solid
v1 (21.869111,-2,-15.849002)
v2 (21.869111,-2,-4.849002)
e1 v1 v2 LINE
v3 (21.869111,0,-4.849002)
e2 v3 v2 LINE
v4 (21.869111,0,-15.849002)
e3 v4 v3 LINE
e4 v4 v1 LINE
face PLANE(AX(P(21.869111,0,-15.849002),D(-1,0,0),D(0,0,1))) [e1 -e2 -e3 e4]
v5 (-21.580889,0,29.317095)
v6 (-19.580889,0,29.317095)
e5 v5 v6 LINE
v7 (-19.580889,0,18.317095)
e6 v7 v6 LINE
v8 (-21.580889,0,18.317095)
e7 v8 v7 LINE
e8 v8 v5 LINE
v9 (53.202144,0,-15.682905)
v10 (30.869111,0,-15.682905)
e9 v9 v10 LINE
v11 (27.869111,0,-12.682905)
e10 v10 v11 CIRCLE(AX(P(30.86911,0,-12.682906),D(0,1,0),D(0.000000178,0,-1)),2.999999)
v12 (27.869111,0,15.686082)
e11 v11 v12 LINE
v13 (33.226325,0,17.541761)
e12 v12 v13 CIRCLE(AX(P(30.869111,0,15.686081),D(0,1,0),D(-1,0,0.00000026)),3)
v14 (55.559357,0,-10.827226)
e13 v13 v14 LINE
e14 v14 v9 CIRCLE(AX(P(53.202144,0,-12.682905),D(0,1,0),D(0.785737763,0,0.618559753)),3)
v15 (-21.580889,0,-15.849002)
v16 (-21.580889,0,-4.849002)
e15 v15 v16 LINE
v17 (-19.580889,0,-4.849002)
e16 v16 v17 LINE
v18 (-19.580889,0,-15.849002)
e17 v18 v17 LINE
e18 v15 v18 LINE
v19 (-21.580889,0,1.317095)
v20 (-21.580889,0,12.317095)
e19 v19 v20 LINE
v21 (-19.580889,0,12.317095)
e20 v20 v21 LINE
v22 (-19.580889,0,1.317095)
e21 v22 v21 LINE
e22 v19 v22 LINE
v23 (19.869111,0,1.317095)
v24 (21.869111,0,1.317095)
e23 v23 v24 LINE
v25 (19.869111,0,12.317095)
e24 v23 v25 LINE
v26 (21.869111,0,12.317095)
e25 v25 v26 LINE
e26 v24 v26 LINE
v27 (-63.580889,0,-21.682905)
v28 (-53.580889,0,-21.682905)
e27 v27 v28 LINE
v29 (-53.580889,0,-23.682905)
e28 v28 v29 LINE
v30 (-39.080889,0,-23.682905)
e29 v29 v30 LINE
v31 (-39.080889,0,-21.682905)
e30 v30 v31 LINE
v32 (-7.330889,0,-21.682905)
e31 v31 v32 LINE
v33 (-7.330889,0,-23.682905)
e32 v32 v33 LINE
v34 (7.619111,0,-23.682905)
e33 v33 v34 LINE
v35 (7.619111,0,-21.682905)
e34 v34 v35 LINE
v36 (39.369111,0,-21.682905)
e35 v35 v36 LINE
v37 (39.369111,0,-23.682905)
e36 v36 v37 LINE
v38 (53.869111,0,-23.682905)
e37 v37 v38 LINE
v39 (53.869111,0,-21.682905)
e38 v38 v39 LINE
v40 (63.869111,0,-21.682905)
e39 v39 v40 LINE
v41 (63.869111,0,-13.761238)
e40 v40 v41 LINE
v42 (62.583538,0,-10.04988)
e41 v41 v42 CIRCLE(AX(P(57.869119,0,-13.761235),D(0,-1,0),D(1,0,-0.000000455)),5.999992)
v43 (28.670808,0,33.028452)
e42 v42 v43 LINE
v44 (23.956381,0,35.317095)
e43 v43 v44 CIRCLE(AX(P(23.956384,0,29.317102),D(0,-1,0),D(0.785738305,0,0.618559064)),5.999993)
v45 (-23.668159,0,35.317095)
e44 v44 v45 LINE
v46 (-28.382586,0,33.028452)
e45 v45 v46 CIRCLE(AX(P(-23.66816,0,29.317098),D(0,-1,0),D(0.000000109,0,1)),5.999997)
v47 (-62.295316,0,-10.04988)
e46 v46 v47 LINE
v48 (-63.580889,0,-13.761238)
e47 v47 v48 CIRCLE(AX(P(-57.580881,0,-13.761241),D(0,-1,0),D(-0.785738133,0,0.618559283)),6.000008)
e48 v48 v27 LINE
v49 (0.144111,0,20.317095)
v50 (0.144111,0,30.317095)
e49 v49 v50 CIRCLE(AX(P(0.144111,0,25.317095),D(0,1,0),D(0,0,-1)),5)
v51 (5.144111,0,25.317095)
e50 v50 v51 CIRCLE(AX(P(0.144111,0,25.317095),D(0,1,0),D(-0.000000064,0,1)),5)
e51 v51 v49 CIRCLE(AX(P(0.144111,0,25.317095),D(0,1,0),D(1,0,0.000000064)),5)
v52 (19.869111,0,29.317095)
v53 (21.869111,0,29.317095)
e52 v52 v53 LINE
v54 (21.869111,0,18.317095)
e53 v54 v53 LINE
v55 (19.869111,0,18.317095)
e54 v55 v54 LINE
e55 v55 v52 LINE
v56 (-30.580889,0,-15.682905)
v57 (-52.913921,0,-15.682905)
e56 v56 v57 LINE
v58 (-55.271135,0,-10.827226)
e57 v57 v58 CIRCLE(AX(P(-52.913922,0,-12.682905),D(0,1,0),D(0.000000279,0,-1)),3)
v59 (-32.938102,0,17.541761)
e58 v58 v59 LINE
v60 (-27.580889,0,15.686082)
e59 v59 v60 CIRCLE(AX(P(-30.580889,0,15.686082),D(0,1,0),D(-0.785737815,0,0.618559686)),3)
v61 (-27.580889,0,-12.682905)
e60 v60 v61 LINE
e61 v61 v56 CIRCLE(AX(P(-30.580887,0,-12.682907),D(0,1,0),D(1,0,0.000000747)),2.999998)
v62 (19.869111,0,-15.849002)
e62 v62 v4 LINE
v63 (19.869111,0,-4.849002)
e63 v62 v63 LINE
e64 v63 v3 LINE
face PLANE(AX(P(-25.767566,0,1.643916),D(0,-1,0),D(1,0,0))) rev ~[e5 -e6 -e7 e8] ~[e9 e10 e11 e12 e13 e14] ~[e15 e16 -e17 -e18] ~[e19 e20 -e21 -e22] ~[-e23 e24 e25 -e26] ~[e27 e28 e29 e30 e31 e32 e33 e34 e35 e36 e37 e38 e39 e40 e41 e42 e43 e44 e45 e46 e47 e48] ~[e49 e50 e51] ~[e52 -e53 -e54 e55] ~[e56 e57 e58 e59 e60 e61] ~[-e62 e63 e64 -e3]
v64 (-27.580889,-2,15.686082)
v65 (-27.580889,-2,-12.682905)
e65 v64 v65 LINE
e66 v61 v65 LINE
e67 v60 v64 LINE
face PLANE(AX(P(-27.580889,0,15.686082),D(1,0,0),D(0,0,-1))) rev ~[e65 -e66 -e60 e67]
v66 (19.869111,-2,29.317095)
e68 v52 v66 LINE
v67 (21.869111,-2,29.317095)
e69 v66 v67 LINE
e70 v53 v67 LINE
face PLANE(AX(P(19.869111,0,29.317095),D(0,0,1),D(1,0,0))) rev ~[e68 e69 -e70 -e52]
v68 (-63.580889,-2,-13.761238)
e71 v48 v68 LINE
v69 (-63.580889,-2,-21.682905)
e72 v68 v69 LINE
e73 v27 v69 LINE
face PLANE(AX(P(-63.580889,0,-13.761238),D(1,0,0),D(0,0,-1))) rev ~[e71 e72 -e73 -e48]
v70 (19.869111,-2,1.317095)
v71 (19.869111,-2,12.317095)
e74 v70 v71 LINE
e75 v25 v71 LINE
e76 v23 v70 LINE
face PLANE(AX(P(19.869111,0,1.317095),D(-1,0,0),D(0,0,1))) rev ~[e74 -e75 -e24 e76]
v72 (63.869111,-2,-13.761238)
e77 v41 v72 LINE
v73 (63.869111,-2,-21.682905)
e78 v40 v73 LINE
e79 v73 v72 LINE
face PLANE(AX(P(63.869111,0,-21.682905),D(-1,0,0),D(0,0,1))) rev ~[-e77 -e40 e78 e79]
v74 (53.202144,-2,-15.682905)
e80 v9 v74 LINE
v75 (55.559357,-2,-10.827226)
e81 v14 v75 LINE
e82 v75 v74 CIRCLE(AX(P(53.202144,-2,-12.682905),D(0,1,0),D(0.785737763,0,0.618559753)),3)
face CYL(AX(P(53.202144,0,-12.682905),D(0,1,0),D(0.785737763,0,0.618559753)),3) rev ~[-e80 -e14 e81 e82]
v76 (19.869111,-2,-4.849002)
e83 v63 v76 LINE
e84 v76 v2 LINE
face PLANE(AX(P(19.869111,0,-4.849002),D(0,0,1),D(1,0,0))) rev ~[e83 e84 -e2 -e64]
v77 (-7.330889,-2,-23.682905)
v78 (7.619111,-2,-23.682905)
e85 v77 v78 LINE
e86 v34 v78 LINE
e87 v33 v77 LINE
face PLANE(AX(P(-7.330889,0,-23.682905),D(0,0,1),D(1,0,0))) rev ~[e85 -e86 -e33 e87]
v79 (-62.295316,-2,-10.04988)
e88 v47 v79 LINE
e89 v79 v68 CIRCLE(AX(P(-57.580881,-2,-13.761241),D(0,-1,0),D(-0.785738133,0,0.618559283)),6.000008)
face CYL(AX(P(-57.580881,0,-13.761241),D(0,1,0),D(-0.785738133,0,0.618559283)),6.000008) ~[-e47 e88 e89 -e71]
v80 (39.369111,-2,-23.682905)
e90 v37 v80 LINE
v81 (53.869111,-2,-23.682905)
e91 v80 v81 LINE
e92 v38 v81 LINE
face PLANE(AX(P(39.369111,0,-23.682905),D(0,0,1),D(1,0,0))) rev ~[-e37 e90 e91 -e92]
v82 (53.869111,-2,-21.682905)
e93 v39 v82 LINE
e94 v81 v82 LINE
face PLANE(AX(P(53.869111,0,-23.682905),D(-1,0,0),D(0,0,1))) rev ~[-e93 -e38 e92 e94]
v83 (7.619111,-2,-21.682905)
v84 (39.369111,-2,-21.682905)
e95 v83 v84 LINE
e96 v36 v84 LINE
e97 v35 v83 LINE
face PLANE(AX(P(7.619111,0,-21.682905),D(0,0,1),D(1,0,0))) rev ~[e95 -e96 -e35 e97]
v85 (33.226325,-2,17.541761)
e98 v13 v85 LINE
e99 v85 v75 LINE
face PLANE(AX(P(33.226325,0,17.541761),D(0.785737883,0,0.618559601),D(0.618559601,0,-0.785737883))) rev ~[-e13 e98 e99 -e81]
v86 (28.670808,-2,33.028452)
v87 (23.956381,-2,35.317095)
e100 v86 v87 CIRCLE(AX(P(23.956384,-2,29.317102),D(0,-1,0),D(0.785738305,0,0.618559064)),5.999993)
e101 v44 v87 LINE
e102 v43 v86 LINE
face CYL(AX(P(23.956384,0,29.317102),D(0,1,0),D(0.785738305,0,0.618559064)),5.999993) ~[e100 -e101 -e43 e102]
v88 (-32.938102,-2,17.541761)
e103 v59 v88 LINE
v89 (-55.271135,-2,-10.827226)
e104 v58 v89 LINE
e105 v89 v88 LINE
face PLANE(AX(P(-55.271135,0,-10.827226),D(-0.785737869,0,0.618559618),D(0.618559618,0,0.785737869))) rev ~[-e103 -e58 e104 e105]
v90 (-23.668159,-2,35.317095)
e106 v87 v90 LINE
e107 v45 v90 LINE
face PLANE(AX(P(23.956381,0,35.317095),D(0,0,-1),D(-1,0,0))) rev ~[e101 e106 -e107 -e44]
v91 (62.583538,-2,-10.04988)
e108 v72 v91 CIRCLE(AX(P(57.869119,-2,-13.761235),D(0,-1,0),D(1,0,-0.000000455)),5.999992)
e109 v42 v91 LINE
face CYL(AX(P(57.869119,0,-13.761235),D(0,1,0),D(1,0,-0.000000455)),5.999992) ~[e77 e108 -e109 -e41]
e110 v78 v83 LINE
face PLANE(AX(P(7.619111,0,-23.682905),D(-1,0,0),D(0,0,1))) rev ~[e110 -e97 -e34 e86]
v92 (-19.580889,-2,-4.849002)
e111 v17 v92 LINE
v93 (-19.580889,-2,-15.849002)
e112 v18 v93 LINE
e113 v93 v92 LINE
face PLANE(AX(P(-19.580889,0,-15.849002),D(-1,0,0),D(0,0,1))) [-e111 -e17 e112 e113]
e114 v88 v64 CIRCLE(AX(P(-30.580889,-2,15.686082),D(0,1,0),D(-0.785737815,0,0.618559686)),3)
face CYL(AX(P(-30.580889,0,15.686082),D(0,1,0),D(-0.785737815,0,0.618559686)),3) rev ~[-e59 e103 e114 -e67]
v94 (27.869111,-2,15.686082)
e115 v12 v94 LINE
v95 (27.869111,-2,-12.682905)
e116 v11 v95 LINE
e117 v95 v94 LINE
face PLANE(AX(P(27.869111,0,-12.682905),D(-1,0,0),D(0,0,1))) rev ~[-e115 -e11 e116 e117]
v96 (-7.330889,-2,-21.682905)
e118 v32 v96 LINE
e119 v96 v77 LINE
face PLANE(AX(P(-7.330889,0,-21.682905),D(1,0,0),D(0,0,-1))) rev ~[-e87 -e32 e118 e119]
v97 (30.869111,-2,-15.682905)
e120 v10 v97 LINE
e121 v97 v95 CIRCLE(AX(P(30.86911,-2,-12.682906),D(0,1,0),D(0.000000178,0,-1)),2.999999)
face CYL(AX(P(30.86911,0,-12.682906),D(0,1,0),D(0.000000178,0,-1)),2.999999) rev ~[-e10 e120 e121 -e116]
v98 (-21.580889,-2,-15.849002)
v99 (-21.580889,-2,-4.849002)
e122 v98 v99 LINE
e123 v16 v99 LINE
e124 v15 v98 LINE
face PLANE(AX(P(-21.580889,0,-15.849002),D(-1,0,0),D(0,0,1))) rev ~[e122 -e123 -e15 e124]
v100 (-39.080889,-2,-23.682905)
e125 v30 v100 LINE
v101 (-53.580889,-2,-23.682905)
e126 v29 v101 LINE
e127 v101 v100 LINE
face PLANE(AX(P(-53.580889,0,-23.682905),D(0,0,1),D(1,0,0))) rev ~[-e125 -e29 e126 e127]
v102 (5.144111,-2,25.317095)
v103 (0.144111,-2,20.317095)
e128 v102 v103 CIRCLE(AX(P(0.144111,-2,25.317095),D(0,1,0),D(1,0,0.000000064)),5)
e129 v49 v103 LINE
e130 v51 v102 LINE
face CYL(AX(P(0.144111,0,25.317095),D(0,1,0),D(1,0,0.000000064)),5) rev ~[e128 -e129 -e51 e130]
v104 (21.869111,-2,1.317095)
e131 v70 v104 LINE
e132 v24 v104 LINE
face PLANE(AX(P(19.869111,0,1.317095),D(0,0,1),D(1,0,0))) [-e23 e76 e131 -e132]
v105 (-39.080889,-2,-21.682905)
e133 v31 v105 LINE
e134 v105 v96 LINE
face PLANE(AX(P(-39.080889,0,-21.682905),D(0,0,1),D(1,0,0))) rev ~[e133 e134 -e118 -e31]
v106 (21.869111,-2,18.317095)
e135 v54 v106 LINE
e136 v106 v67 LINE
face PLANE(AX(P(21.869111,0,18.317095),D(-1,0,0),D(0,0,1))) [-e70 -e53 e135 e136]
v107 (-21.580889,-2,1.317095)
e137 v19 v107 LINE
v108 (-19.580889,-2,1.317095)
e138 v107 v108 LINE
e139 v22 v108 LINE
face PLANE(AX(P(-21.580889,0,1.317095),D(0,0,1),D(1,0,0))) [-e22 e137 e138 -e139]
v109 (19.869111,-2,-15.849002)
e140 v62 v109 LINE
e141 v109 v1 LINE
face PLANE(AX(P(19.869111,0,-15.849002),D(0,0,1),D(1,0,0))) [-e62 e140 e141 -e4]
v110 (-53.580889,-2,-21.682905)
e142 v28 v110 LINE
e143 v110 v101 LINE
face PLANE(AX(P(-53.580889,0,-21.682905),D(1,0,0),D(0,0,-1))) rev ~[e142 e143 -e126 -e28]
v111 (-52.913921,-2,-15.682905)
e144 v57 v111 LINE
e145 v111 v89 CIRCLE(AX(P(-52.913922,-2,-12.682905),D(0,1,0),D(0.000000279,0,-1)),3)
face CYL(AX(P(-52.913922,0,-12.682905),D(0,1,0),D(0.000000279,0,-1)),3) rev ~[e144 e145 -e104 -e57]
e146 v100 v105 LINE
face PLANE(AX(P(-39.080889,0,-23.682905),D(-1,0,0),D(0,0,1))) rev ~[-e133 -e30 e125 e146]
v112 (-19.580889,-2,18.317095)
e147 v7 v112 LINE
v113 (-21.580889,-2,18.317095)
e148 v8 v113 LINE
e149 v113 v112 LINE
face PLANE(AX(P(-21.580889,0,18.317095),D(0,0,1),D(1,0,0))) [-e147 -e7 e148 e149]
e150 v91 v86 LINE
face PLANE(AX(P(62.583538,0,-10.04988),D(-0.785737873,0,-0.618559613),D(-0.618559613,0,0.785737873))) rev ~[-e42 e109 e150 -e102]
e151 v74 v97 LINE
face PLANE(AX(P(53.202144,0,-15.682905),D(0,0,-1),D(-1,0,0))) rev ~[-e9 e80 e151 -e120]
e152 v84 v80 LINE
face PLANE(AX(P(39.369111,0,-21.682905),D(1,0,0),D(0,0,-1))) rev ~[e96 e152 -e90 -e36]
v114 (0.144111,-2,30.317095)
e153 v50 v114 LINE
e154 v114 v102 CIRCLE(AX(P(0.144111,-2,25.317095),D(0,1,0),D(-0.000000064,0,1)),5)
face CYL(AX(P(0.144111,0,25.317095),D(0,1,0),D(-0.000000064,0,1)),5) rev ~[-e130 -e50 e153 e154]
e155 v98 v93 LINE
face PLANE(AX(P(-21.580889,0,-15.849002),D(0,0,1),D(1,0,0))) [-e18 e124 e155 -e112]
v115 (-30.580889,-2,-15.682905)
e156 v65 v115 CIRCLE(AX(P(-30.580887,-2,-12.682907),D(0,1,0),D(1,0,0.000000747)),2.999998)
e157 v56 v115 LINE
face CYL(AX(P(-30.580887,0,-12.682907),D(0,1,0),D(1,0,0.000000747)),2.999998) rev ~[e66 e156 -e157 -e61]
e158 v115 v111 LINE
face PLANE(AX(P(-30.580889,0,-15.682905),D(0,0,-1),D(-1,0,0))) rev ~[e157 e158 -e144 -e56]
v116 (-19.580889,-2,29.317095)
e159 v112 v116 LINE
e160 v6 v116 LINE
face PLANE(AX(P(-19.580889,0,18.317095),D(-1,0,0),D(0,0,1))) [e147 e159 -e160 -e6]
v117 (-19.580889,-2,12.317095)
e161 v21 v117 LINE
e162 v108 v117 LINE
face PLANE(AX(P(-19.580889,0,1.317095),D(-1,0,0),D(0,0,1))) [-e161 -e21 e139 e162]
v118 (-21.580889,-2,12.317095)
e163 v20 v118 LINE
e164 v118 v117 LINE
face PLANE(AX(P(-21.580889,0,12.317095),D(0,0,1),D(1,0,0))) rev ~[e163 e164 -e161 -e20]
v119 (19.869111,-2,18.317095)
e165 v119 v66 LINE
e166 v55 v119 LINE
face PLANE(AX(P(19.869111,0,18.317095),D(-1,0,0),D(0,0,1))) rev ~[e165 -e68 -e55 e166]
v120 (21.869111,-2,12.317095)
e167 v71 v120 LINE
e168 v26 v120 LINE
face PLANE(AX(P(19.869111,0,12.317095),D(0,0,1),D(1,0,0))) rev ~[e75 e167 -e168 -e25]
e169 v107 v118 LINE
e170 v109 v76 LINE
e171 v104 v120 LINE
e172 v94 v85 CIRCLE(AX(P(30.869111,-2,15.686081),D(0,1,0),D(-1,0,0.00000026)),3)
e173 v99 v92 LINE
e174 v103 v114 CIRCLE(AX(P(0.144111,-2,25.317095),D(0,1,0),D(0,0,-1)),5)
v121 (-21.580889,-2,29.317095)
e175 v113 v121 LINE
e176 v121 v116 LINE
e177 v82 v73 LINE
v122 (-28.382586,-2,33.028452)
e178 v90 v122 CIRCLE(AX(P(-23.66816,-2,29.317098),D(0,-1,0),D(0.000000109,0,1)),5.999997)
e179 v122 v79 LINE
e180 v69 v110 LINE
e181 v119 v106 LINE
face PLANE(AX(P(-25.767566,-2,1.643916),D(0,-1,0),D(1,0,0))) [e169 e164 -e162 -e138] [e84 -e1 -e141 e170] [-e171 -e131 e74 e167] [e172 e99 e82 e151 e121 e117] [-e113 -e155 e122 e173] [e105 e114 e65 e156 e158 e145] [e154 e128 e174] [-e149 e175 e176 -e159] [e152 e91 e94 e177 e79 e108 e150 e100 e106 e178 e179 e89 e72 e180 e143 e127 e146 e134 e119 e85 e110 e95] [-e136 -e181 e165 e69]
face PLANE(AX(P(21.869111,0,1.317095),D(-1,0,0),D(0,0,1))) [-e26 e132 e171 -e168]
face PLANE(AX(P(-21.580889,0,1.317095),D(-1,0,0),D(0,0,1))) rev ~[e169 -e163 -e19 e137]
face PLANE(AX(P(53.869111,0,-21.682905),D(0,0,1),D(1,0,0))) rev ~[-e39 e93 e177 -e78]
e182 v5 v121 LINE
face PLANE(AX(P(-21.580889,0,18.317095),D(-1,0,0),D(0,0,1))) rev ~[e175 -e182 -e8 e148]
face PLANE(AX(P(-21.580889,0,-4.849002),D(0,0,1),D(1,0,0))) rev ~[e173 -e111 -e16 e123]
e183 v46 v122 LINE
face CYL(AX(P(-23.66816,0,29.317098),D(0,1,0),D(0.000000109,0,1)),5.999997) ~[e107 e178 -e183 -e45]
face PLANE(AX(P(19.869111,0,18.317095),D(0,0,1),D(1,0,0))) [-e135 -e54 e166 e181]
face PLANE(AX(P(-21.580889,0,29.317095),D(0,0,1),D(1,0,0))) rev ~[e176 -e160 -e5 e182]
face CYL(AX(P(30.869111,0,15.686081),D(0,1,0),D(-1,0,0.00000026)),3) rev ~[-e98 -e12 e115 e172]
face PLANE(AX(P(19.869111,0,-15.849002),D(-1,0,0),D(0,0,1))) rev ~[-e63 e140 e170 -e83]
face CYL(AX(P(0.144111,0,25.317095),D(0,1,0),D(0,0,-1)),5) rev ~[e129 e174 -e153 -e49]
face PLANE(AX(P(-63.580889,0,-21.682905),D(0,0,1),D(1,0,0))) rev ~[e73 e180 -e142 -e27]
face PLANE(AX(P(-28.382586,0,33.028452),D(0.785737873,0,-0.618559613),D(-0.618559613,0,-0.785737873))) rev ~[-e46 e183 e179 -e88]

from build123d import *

# Parameters (mm, degrees)
F0_W     = 2
F0_H     = 11
F1_DEPTH = 2


with BuildPart() as f1:
    # F0 (on Front) → F1 (new body)
    with BuildSketch(Plane.XZ):
        with BuildLine():
            Line((0.144111, 35.317095), (-19.580889, 35.317095))
            Line((-19.580889, 35.317095), (-21.580889, 35.317095))
            Line((-21.580889, 35.317095), (-23.668159, 35.317095))
            ThreePointArc((-23.668159, 35.317095), (-26.28845, 34.714694), (-28.382586, 33.028452))
            Line((-28.382586, 33.028452), (-62.295316, -10.04988))
            ThreePointArc((-62.295316, -10.04988), (-63.250393, -11.797385), (-63.580889, -13.761238))
            Line((-63.580889, -13.761238), (-63.580889, -21.682905))
            Line((-63.580889, -21.682905), (-53.580889, -21.682905))
            Line((-53.580889, -21.682905), (-53.580889, -23.682905))
            Line((-53.580889, -23.682905), (-39.080889, -23.682905))
            Line((-39.080889, -23.682905), (-39.080889, -21.682905))
            Line((-39.080889, -21.682905), (-21.580889, -21.682905))
            Line((-21.580889, -21.682905), (-7.330889, -21.682905))
            Line((-7.330889, -21.682905), (-7.330889, -21.849002))
            Line((-7.330889, -21.849002), (-7.330889, -23.682905))
            Line((-7.330889, -23.682905), (0.144111, -23.682905))
            Line((0.144111, -23.682905), (0.144111, 20.317095))
            ThreePointArc((0.144111, 20.317095), (-4.855889, 25.317095), (0.144111, 30.317095))
            Line((0.144111, 30.317095), (0.144111, 35.317095))
        make_face()
        with Locations((-20.580889, -10.349002)):
            Rectangle(F0_W, F0_H, mode=Mode.SUBTRACT)
        with BuildLine():
            Line((-30.580889, -15.682905), (-52.913921, -15.682905))
            ThreePointArc((-52.913921, -15.682905), (-55.612721, -13.993051), (-55.271135, -10.827226))
            Line((-55.271135, -10.827226), (-32.938102, 17.541761))
            ThreePointArc((-32.938102, 17.541761), (-29.598962, 18.520834), (-27.580889, 15.686082))
            Line((-27.580889, 15.686082), (-27.580889, -12.682905))
            ThreePointArc((-27.580889, -12.682905), (-28.459568, -14.804226), (-30.580889, -15.682905))
        make_face(mode=Mode.SUBTRACT)
        with Locations((-20.580889, 6.817095)):
            Rectangle(F0_W, F0_H, mode=Mode.SUBTRACT)
        with Locations((-20.580889, 23.817095)):
            Rectangle(F0_W, F0_H, mode=Mode.SUBTRACT)
        with BuildLine():
            Line((19.869111, 35.317095), (0.144111, 35.317095))
            Line((0.144111, 35.317095), (0.144111, 30.317095))
            ThreePointArc((0.144111, 30.317095), (3.679645, 28.852629), (5.144111, 25.317095))
            ThreePointArc((5.144111, 25.317095), (3.679645, 21.781561), (0.144111, 20.317095))
            Line((0.144111, 20.317095), (0.144111, -23.682905))
            Line((0.144111, -23.682905), (7.619111, -23.682905))
            Line((7.619111, -23.682905), (7.619111, -21.849002))
            Line((7.619111, -21.849002), (7.619111, -21.682905))
            Line((7.619111, -21.682905), (21.869111, -21.682905))
            Line((21.869111, -21.682905), (39.369111, -21.682905))
            Line((39.369111, -21.682905), (39.369111, -23.682905))
            Line((39.369111, -23.682905), (53.869111, -23.682905))
            Line((53.869111, -23.682905), (53.869111, -21.682905))
            Line((53.869111, -21.682905), (63.869111, -21.682905))
            Line((63.869111, -21.682905), (63.869111, -13.761238))
            ThreePointArc((63.869111, -13.761238), (63.538616, -11.797385), (62.583538, -10.04988))
            Line((62.583538, -10.04988), (28.670808, 33.028452))
            ThreePointArc((28.670808, 33.028452), (26.576673, 34.714694), (23.956381, 35.317095))
            Line((23.956381, 35.317095), (21.869111, 35.317095))
            Line((21.869111, 35.317095), (19.869111, 35.317095))
        make_face()
        with Locations((20.869111, -10.349002)):
            Rectangle(F0_W, F0_H, mode=Mode.SUBTRACT)
        with BuildLine():
            Line((53.202144, -15.682905), (30.869111, -15.682905))
            ThreePointArc((30.869111, -15.682905), (28.747791, -14.804226), (27.869111, -12.682905))
            Line((27.869111, -12.682905), (27.869111, 15.686082))
            ThreePointArc((27.869111, 15.686082), (29.887185, 18.520834), (33.226325, 17.541761))
            Line((33.226325, 17.541761), (55.559357, -10.827226))
            ThreePointArc((55.559357, -10.827226), (55.900943, -13.993051), (53.202144, -15.682905))
        make_face(mode=Mode.SUBTRACT)
        with Locations((20.869111, 6.817095)):
            Rectangle(F0_W, F0_H, mode=Mode.SUBTRACT)
        with Locations((20.869111, 23.817095)):
            Rectangle(F0_W, F0_H, mode=Mode.SUBTRACT)
    extrude(amount=F1_DEPTH)


solid = f1.part
